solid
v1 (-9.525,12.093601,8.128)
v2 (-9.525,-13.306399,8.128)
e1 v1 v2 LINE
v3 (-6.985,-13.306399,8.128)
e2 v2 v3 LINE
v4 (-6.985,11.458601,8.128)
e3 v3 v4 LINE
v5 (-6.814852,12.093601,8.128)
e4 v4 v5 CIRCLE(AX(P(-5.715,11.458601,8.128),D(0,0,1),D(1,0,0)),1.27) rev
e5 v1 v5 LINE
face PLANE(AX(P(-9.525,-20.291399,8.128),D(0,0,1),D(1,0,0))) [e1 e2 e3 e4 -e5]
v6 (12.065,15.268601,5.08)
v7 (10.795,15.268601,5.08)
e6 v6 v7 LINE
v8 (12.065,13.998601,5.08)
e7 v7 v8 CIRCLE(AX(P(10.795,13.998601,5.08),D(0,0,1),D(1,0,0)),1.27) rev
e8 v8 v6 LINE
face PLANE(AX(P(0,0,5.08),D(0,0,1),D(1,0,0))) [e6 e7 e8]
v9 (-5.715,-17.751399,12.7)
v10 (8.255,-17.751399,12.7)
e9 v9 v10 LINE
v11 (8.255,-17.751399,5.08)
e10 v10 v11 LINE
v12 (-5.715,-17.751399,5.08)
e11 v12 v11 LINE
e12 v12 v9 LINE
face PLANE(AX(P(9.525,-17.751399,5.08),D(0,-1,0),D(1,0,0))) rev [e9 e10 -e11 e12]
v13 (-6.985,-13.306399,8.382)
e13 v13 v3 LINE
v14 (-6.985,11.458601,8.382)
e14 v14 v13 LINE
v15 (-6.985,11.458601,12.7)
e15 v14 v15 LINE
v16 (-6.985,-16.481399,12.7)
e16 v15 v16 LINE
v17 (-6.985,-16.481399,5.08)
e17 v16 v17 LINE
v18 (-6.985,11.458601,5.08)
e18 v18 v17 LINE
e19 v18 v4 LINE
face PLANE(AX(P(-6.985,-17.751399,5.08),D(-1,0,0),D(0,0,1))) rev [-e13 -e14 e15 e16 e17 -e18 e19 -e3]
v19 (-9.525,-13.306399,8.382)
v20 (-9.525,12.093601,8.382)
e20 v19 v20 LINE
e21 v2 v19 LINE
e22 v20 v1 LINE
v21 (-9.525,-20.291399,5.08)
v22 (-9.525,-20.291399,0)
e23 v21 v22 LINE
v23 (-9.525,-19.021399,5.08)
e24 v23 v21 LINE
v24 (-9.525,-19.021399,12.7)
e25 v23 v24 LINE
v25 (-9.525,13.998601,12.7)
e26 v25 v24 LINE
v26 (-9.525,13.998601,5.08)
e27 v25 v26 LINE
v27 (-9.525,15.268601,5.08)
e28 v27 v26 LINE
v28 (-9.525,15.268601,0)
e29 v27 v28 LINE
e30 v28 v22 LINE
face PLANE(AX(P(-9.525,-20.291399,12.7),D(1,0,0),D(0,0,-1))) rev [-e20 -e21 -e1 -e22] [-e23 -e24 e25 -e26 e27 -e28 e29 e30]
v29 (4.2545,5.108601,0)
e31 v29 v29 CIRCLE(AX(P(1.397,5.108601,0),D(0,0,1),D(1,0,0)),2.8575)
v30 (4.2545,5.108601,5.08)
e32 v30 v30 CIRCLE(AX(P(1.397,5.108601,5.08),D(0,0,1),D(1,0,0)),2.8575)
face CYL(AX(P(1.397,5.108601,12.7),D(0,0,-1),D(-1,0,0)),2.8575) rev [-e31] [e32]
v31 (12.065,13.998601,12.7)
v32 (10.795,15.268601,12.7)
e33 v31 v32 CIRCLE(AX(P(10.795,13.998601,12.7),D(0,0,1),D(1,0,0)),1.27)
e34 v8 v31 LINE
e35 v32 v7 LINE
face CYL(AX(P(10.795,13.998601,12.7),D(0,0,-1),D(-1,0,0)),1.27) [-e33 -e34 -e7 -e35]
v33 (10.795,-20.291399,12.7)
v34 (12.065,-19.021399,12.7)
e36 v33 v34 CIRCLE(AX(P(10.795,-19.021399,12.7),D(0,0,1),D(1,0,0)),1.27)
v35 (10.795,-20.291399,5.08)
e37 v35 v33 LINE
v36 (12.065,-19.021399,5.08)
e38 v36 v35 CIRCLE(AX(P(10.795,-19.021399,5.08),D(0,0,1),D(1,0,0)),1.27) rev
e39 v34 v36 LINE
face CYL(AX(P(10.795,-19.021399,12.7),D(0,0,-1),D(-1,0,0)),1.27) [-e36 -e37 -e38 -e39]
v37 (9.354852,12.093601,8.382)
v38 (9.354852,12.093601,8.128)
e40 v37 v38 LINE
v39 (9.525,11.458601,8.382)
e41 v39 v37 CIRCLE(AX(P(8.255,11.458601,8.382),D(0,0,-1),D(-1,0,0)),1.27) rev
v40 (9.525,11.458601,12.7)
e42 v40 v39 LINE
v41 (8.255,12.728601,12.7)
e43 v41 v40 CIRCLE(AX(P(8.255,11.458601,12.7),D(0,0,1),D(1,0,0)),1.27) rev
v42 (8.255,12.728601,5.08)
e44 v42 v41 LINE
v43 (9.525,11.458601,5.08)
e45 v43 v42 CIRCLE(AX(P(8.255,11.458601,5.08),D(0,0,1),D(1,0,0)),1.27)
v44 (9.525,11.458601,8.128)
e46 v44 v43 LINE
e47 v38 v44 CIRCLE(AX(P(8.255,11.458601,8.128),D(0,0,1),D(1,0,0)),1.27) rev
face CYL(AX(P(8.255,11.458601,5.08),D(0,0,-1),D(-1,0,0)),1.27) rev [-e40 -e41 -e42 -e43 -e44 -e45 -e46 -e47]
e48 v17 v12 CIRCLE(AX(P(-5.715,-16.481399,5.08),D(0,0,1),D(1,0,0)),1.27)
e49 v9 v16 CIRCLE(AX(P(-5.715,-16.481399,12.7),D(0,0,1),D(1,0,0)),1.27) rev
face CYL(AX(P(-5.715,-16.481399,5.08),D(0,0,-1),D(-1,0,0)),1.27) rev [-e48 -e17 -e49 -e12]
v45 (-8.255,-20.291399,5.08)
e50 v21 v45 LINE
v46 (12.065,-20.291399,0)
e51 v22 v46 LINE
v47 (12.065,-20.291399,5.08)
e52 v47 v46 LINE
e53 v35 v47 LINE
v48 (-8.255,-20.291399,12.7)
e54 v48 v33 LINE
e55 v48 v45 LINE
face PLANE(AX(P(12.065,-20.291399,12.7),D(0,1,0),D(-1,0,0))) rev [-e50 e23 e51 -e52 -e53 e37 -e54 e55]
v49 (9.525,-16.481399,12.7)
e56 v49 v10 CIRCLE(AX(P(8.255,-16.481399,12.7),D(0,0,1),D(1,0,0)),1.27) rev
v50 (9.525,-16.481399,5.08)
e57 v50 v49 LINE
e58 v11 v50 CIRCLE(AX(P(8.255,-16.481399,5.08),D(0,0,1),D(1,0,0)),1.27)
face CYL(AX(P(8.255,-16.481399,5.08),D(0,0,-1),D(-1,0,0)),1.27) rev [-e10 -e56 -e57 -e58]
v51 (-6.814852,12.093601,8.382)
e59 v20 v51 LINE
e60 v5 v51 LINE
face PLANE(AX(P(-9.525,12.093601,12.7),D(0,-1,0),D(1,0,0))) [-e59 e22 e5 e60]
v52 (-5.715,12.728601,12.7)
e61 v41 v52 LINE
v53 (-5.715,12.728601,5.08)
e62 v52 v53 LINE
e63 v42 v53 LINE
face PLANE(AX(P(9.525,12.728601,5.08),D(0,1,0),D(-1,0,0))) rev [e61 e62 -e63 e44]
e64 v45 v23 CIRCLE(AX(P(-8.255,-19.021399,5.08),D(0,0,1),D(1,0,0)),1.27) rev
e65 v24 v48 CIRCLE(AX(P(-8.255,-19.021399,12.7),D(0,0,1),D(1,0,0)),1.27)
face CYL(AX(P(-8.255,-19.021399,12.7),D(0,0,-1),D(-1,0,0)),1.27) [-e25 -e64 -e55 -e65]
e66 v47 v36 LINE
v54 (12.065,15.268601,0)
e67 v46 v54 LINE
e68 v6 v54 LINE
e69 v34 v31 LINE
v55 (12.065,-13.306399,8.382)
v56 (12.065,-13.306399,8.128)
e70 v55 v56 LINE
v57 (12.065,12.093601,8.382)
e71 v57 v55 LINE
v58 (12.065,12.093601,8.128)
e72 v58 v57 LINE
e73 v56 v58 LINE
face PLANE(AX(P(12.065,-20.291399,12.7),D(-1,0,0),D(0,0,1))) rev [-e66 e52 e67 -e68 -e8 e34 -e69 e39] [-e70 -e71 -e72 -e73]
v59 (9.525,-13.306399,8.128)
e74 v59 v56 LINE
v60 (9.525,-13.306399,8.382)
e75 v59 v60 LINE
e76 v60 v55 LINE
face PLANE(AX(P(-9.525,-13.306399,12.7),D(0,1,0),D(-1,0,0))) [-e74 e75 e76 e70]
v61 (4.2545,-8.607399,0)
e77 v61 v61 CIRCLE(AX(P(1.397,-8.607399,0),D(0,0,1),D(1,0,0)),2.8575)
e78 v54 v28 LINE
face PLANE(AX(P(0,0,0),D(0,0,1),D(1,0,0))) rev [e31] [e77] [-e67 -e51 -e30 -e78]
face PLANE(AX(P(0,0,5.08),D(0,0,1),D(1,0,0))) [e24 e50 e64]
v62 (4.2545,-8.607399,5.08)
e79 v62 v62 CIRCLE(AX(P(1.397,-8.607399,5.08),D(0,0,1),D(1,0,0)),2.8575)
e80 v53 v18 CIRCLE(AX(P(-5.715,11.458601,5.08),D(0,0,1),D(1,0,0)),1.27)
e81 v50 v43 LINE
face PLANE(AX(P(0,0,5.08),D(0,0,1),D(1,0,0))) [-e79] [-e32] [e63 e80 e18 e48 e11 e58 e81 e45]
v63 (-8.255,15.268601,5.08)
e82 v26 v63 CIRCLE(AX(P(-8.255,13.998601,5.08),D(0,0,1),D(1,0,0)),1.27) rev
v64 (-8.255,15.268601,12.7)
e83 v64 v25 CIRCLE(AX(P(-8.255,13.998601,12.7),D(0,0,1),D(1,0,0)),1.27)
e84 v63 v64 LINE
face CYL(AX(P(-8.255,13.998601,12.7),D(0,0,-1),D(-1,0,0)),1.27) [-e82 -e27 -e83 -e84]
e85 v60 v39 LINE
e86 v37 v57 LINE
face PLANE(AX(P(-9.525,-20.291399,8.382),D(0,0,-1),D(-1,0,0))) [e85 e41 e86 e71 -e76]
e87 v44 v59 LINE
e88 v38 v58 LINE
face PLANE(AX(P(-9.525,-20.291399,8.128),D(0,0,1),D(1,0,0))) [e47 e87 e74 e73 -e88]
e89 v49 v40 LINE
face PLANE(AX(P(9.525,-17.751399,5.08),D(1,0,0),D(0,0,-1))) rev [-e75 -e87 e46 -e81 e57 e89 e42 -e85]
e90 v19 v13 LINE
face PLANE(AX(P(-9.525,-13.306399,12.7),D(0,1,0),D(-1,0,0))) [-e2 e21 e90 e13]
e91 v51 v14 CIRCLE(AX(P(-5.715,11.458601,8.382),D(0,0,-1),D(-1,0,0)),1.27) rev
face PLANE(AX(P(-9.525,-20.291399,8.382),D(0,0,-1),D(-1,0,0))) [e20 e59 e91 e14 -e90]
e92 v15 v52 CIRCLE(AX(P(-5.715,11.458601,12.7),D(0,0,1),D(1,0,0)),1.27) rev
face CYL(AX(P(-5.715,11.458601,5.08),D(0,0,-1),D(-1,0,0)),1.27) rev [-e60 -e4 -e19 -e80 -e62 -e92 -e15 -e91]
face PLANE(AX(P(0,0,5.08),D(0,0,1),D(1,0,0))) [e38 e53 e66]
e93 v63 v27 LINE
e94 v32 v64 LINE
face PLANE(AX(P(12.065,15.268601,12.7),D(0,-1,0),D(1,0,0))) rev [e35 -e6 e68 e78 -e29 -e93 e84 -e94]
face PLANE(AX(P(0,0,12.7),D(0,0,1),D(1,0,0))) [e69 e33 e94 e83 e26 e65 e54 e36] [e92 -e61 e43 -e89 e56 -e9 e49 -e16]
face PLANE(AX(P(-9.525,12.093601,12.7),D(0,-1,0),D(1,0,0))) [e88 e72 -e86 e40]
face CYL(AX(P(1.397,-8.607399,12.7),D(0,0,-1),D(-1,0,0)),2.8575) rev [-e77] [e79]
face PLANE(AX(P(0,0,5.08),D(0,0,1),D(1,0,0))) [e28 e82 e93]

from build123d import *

# Parameters (mm, degrees)
SKETCH1_W               = 21.59
SKETCH1_H               = 35.56
SKETCH1_R               = 2.8575
BOSS_EXTRUDE1_DEPTH     = 12.7
SKETCH2_W               = 16.51
SKETCH2_H               = 30.48
CUT_EXTRUDE1_DEPTH      = 7.62
FILLET1_R               = 1.27
SKETCH3_W               = 0.254
SKETCH3_H               = 25.4
CUT_EXTRUDE3_DEPTH      = 1
CUT_EXTRUDE3_DEPTH_BACK = 22.59
SKETCH1_2_W             = 21.59
SKETCH1_2_H             = 35.56
SKETCH1_2_R             = 2.8575
BOSS_EXTRUDE2_DEPTH     = 5.08


with BuildPart() as part:
    # Sketch1 → Boss-Extrude1 (new body)
    with BuildSketch(Plane.XY):
        with Locations((1.27, -2.511399464)):
            Rectangle(SKETCH1_W, SKETCH1_H)
        with Locations((1.397, 5.108600536)):
            Circle(SKETCH1_R, mode=Mode.SUBTRACT)
        with Locations((1.397, -8.607399464)):
            Circle(SKETCH1_R, mode=Mode.SUBTRACT)
    extrude(amount=BOSS_EXTRUDE1_DEPTH)

    # Sketch2 → Cut-Extrude1 (cut)
    with BuildSketch(Plane.XY.offset(12.7)):
        with Locations((1.27, -2.511399464)):
            Rectangle(SKETCH2_W, SKETCH2_H)
    extrude(amount=-CUT_EXTRUDE1_DEPTH, mode=Mode.SUBTRACT)

    # Fillet1
    fillet1_edges = [part.edges().sort_by_distance(p)[0] for p in [
        (-6.985, -17.751399464, 8.89),
        (-6.985, 12.728600536, 8.89),
        (9.525, 12.728600536, 8.89),
        (9.525, -17.751399464, 8.89),
        (-9.525, 15.268600536, 6.35),
        (12.065, 15.268600536, 6.35),
        (12.065, -20.291399464, 6.35),
        (-9.525, -20.291399464, 6.35),
    ]]
    fillet(fillet1_edges, radius=FILLET1_R)

    # Sketch3 → Cut-Extrude3 (cut, two sides)
    with BuildSketch(Plane(origin=(12.065, 0, 0), x_dir=(0, 0, -1), z_dir=(1, 0, 0))) as cut_extrude3_sk:
        with Locations((-8.255, -0.606399464)):
            Rectangle(SKETCH3_W, SKETCH3_H)
    extrude(amount=CUT_EXTRUDE3_DEPTH, mode=Mode.SUBTRACT)
    extrude(cut_extrude3_sk.sketch, amount=-CUT_EXTRUDE3_DEPTH_BACK, mode=Mode.SUBTRACT)

    # Sketch1<2> → Boss-Extrude2 (add)
    with BuildSketch(Plane.XY):
        with Locations((1.27, -2.511399464)):
            Rectangle(SKETCH1_2_W, SKETCH1_2_H)
        with Locations((1.397, 5.108600536)):
            Circle(SKETCH1_2_R, mode=Mode.SUBTRACT)
        with Locations((1.397, -8.607399464)):
            Circle(SKETCH1_2_R, mode=Mode.SUBTRACT)
    extrude(amount=BOSS_EXTRUDE2_DEPTH)


solid = part.part
